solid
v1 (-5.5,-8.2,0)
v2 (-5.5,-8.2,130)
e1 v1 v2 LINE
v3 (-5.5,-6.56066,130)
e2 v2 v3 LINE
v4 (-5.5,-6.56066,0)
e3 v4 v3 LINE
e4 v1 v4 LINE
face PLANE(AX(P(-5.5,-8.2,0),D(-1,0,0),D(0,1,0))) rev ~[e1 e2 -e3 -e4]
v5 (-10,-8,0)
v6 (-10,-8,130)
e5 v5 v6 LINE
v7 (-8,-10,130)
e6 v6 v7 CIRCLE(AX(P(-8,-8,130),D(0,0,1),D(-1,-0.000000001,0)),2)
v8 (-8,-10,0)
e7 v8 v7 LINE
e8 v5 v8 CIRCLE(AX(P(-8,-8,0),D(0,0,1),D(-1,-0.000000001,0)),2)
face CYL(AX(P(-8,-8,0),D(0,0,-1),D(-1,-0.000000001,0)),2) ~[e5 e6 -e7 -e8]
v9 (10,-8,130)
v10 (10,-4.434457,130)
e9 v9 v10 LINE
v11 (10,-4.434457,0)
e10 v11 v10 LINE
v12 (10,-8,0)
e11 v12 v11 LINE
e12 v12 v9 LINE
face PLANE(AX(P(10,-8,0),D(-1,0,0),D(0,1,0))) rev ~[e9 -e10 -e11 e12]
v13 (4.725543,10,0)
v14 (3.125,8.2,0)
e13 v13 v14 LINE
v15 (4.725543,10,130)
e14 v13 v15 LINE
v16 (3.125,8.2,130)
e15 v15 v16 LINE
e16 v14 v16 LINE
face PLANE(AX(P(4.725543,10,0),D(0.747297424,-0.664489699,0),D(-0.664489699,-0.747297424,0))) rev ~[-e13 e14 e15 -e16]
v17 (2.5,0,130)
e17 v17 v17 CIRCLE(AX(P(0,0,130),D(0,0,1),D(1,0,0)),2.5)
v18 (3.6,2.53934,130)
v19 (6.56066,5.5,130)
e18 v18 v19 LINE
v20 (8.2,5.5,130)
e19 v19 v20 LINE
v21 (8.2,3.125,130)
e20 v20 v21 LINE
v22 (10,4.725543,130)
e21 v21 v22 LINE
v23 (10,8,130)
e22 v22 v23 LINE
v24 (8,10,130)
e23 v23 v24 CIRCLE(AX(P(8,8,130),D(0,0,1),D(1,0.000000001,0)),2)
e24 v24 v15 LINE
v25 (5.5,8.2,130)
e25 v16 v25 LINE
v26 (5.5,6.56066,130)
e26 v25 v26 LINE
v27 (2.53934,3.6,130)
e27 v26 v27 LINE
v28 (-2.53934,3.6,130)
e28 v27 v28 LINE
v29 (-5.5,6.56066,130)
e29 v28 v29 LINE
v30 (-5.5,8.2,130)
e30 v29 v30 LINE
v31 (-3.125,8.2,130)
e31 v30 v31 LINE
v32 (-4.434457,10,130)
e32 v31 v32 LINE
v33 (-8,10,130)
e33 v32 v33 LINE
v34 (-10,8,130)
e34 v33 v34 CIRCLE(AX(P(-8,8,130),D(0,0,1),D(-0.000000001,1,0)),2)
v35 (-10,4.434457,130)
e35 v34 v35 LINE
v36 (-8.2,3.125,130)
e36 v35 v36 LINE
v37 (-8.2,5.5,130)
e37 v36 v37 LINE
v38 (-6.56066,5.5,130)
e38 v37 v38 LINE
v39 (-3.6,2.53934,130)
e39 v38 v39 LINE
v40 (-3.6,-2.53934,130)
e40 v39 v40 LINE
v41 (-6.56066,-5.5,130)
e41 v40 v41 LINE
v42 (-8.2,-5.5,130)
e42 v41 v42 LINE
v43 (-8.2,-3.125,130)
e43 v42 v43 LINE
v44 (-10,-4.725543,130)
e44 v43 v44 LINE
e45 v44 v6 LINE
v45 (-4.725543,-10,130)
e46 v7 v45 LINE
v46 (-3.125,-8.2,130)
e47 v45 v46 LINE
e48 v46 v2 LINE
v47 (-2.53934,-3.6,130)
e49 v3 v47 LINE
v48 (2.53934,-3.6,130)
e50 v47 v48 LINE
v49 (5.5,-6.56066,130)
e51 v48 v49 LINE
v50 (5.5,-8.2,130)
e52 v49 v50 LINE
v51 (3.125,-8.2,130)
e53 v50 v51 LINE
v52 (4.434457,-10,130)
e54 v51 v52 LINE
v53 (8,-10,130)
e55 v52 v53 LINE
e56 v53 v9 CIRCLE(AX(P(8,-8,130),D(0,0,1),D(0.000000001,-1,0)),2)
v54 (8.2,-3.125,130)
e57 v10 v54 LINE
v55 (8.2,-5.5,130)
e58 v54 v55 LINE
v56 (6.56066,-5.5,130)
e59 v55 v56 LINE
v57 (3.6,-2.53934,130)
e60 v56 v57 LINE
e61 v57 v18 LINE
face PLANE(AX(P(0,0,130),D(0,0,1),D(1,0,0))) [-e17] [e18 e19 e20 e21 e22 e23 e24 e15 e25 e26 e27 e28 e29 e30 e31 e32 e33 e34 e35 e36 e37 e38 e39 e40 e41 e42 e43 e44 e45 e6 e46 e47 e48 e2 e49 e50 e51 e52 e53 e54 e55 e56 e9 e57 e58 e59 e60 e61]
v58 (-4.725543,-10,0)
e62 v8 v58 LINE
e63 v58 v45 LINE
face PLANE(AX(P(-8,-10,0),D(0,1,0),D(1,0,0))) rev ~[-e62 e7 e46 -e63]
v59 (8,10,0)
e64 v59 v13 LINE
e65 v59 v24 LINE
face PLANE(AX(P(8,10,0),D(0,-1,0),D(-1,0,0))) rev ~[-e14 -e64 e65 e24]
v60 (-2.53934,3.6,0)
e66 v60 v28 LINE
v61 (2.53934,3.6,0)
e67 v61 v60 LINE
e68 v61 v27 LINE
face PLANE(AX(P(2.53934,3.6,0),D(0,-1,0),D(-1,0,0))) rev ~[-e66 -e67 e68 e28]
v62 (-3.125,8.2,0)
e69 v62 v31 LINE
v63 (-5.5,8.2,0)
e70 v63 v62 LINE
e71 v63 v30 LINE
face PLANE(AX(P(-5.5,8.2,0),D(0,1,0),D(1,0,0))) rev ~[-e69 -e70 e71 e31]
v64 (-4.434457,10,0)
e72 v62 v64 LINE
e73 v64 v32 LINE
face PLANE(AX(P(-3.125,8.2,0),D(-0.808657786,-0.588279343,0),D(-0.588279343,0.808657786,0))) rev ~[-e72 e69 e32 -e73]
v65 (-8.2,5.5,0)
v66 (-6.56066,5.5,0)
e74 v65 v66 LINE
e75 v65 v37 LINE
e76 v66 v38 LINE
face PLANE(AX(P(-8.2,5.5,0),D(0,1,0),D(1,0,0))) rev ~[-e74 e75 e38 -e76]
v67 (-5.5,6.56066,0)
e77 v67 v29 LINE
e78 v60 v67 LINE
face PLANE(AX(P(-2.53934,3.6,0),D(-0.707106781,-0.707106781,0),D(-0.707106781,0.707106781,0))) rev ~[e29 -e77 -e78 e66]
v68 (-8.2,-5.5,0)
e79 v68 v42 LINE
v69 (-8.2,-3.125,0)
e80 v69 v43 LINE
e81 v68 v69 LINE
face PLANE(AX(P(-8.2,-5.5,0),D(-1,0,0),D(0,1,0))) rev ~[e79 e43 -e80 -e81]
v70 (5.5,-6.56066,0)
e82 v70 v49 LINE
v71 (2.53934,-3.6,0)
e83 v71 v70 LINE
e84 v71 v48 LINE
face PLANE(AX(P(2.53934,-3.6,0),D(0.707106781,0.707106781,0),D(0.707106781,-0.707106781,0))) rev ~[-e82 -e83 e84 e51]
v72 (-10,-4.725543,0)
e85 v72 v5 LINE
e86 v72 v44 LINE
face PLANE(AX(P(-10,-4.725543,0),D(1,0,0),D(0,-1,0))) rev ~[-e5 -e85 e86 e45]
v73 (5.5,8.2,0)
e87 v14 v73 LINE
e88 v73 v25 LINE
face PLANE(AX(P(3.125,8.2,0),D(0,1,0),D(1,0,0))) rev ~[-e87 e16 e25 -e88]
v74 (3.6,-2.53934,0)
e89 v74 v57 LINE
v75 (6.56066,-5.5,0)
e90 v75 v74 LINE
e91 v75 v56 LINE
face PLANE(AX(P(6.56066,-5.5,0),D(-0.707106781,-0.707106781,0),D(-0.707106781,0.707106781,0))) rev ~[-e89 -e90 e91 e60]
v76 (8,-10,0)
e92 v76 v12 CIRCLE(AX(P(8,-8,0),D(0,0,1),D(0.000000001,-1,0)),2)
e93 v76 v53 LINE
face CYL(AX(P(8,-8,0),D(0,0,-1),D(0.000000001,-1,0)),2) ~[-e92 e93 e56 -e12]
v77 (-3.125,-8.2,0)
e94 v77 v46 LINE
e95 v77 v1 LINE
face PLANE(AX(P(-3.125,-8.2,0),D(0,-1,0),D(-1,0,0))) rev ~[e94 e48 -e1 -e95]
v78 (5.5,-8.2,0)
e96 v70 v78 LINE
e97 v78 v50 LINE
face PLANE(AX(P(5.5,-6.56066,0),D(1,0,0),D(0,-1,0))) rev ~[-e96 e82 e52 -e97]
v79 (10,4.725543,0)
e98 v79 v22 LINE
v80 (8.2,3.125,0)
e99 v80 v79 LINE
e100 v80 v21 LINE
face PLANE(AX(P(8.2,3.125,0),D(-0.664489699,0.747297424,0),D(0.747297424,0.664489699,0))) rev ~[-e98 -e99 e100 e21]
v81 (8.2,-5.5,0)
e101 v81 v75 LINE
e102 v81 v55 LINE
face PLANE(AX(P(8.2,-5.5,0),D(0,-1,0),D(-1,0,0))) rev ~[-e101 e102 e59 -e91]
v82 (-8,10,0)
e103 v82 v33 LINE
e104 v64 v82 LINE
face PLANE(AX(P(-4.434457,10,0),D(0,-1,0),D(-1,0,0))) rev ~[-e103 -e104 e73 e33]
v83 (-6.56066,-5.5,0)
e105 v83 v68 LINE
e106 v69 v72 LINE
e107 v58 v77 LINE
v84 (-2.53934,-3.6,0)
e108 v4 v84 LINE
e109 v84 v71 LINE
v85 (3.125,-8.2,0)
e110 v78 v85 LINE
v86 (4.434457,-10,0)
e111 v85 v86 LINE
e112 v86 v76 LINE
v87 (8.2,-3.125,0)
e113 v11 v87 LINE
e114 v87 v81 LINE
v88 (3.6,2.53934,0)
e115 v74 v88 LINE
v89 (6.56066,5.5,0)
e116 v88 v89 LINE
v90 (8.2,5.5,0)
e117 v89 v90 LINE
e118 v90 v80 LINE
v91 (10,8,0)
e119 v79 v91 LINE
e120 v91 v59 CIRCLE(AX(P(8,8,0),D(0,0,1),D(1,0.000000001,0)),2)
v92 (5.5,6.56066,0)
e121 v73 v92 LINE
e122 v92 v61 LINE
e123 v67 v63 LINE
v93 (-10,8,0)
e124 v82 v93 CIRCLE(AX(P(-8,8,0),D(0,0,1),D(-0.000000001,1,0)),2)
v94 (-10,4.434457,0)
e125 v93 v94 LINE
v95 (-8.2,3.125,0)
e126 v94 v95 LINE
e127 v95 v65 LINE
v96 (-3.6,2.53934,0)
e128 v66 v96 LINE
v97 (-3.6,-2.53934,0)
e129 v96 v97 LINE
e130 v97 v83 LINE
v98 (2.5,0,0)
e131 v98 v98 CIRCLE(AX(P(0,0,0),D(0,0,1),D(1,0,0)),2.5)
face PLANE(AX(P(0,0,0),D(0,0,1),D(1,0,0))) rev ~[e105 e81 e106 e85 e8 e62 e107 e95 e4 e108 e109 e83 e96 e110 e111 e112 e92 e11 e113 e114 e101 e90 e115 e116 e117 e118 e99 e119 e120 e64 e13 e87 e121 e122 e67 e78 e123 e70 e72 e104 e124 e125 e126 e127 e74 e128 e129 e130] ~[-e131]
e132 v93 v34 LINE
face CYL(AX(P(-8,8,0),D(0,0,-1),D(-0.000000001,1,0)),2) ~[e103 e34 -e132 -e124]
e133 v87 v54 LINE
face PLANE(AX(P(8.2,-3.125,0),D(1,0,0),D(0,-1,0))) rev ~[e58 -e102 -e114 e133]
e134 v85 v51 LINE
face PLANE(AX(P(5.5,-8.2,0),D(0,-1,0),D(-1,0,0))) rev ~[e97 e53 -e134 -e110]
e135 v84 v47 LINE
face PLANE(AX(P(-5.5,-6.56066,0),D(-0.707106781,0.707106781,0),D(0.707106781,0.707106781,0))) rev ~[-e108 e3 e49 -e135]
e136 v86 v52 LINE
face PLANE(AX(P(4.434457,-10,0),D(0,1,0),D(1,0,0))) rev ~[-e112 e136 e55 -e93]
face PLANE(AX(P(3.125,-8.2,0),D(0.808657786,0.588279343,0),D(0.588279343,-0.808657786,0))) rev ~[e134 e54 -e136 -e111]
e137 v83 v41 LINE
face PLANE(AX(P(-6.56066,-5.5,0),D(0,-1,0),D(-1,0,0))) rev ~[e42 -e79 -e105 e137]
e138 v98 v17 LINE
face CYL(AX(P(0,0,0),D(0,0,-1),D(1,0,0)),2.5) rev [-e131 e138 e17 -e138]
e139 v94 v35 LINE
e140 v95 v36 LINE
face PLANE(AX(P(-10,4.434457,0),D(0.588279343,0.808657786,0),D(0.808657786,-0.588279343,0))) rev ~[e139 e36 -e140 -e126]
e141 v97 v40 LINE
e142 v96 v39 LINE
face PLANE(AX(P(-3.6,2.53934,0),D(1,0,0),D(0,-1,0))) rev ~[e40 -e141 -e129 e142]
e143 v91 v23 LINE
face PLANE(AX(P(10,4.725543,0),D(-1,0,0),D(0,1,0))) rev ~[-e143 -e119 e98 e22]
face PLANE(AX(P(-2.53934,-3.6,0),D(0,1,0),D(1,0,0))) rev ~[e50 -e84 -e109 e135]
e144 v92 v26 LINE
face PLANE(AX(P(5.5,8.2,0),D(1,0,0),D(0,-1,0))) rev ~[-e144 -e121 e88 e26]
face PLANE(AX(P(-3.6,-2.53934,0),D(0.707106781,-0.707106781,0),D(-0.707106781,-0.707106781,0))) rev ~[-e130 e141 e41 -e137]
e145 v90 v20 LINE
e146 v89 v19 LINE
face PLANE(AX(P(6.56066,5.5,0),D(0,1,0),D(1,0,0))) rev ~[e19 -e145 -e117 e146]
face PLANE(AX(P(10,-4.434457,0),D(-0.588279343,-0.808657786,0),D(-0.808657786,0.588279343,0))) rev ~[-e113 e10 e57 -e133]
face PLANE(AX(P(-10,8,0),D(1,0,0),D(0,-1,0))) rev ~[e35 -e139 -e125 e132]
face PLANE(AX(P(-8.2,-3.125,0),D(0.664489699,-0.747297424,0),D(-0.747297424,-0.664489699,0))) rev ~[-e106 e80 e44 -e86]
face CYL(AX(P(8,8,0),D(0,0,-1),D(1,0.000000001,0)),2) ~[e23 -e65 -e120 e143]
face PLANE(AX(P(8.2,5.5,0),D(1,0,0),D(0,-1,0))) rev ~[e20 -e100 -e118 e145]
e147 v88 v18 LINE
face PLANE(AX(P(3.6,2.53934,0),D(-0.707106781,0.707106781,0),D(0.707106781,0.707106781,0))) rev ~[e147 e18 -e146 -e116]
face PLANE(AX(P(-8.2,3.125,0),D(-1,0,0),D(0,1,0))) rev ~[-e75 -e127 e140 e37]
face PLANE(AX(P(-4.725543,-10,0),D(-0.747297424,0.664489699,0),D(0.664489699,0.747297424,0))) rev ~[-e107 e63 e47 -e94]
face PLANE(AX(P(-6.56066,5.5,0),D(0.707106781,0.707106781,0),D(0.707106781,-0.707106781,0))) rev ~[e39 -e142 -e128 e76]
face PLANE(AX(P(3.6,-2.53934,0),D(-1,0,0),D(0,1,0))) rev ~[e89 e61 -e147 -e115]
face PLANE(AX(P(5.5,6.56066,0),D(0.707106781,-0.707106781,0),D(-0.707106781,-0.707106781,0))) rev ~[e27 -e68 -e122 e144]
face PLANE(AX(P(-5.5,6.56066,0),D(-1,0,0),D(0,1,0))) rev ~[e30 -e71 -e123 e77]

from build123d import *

# Parameters (mm, degrees)
SKETCH1_R               = 2.5
ALUMINIUM_PROFILE_DEPTH = 130


with BuildPart() as part:
    # Sketch1 → Aluminium_profile (new body)
    with BuildSketch(Plane.XY):
        with BuildLine():
            Line((-4.725542729, -10), (-3.125, -8.2))
            Line((-3.125, -8.2), (-5.5, -8.2))
            Line((-5.5, -8.2), (-5.5, -6.560660172))
            Line((-5.5, -6.560660172), (-2.539339828, -3.6))
            Line((-2.539339828, -3.6), (2.539339828, -3.6))
            Line((2.539339828, -3.6), (5.5, -6.560660172))
            Line((5.5, -6.560660172), (5.5, -8.2))
            Line((5.5, -8.2), (3.125, -8.2))
            Line((3.125, -8.2), (4.434457271, -10))
            Line((4.434457271, -10), (8, -10))
            ThreePointArc((8, -10), (9.414213562, -9.414213562), (10, -8))
            Line((10, -8), (10, -4.434457271))
            Line((10, -4.434457271), (8.2, -3.125))
            Line((8.2, -3.125), (8.2, -5.5))
            Line((8.2, -5.5), (6.560660172, -5.5))
            Line((6.560660172, -5.5), (3.6, -2.539339828))
            Line((3.6, -2.539339828), (3.6, 2.539339828))
            Line((3.6, 2.539339828), (6.560660172, 5.5))
            Line((6.560660172, 5.5), (8.2, 5.5))
            Line((8.2, 5.5), (8.2, 3.125))
            Line((8.2, 3.125), (10, 4.725542729))
            Line((10, 4.725542729), (10, 8))
            ThreePointArc((10, 8), (9.414213562, 9.414213562), (8, 10))
            Line((8, 10), (4.725542729, 10))
            Line((4.725542729, 10), (3.125, 8.2))
            Line((3.125, 8.2), (5.5, 8.2))
            Line((5.5, 8.2), (5.5, 6.560660172))
            Line((5.5, 6.560660172), (2.539339828, 3.6))
            Line((2.539339828, 3.6), (-2.539339828, 3.6))
            Line((-2.539339828, 3.6), (-5.5, 6.560660172))
            Line((-5.5, 6.560660172), (-5.5, 8.2))
            Line((-5.5, 8.2), (-3.125, 8.2))
            Line((-3.125, 8.2), (-4.434457271, 10))
            Line((-4.434457271, 10), (-8, 10))
            ThreePointArc((-8, 10), (-9.414213562, 9.414213562), (-10, 8))
            Line((-10, 8), (-10, 4.434457271))
            Line((-10, 4.434457271), (-8.2, 3.125))
            Line((-8.2, 3.125), (-8.2, 5.5))
            Line((-8.2, 5.5), (-6.560660172, 5.5))
            Line((-6.560660172, 5.5), (-3.6, 2.539339828))
            Line((-3.6, 2.539339828), (-3.6, -2.539339828))
            Line((-3.6, -2.539339828), (-6.560660172, -5.5))
            Line((-6.560660172, -5.5), (-8.2, -5.5))
            Line((-8.2, -5.5), (-8.2, -3.125))
            Line((-8.2, -3.125), (-10, -4.725542729))
            Line((-10, -4.725542729), (-10, -8))
            ThreePointArc((-10, -8), (-9.414213562, -9.414213562), (-8, -10))
            Line((-8, -10), (-4.725542729, -10))
        make_face()
        Circle(SKETCH1_R, mode=Mode.SUBTRACT)
    extrude(amount=ALUMINIUM_PROFILE_DEPTH)


solid = part.part
